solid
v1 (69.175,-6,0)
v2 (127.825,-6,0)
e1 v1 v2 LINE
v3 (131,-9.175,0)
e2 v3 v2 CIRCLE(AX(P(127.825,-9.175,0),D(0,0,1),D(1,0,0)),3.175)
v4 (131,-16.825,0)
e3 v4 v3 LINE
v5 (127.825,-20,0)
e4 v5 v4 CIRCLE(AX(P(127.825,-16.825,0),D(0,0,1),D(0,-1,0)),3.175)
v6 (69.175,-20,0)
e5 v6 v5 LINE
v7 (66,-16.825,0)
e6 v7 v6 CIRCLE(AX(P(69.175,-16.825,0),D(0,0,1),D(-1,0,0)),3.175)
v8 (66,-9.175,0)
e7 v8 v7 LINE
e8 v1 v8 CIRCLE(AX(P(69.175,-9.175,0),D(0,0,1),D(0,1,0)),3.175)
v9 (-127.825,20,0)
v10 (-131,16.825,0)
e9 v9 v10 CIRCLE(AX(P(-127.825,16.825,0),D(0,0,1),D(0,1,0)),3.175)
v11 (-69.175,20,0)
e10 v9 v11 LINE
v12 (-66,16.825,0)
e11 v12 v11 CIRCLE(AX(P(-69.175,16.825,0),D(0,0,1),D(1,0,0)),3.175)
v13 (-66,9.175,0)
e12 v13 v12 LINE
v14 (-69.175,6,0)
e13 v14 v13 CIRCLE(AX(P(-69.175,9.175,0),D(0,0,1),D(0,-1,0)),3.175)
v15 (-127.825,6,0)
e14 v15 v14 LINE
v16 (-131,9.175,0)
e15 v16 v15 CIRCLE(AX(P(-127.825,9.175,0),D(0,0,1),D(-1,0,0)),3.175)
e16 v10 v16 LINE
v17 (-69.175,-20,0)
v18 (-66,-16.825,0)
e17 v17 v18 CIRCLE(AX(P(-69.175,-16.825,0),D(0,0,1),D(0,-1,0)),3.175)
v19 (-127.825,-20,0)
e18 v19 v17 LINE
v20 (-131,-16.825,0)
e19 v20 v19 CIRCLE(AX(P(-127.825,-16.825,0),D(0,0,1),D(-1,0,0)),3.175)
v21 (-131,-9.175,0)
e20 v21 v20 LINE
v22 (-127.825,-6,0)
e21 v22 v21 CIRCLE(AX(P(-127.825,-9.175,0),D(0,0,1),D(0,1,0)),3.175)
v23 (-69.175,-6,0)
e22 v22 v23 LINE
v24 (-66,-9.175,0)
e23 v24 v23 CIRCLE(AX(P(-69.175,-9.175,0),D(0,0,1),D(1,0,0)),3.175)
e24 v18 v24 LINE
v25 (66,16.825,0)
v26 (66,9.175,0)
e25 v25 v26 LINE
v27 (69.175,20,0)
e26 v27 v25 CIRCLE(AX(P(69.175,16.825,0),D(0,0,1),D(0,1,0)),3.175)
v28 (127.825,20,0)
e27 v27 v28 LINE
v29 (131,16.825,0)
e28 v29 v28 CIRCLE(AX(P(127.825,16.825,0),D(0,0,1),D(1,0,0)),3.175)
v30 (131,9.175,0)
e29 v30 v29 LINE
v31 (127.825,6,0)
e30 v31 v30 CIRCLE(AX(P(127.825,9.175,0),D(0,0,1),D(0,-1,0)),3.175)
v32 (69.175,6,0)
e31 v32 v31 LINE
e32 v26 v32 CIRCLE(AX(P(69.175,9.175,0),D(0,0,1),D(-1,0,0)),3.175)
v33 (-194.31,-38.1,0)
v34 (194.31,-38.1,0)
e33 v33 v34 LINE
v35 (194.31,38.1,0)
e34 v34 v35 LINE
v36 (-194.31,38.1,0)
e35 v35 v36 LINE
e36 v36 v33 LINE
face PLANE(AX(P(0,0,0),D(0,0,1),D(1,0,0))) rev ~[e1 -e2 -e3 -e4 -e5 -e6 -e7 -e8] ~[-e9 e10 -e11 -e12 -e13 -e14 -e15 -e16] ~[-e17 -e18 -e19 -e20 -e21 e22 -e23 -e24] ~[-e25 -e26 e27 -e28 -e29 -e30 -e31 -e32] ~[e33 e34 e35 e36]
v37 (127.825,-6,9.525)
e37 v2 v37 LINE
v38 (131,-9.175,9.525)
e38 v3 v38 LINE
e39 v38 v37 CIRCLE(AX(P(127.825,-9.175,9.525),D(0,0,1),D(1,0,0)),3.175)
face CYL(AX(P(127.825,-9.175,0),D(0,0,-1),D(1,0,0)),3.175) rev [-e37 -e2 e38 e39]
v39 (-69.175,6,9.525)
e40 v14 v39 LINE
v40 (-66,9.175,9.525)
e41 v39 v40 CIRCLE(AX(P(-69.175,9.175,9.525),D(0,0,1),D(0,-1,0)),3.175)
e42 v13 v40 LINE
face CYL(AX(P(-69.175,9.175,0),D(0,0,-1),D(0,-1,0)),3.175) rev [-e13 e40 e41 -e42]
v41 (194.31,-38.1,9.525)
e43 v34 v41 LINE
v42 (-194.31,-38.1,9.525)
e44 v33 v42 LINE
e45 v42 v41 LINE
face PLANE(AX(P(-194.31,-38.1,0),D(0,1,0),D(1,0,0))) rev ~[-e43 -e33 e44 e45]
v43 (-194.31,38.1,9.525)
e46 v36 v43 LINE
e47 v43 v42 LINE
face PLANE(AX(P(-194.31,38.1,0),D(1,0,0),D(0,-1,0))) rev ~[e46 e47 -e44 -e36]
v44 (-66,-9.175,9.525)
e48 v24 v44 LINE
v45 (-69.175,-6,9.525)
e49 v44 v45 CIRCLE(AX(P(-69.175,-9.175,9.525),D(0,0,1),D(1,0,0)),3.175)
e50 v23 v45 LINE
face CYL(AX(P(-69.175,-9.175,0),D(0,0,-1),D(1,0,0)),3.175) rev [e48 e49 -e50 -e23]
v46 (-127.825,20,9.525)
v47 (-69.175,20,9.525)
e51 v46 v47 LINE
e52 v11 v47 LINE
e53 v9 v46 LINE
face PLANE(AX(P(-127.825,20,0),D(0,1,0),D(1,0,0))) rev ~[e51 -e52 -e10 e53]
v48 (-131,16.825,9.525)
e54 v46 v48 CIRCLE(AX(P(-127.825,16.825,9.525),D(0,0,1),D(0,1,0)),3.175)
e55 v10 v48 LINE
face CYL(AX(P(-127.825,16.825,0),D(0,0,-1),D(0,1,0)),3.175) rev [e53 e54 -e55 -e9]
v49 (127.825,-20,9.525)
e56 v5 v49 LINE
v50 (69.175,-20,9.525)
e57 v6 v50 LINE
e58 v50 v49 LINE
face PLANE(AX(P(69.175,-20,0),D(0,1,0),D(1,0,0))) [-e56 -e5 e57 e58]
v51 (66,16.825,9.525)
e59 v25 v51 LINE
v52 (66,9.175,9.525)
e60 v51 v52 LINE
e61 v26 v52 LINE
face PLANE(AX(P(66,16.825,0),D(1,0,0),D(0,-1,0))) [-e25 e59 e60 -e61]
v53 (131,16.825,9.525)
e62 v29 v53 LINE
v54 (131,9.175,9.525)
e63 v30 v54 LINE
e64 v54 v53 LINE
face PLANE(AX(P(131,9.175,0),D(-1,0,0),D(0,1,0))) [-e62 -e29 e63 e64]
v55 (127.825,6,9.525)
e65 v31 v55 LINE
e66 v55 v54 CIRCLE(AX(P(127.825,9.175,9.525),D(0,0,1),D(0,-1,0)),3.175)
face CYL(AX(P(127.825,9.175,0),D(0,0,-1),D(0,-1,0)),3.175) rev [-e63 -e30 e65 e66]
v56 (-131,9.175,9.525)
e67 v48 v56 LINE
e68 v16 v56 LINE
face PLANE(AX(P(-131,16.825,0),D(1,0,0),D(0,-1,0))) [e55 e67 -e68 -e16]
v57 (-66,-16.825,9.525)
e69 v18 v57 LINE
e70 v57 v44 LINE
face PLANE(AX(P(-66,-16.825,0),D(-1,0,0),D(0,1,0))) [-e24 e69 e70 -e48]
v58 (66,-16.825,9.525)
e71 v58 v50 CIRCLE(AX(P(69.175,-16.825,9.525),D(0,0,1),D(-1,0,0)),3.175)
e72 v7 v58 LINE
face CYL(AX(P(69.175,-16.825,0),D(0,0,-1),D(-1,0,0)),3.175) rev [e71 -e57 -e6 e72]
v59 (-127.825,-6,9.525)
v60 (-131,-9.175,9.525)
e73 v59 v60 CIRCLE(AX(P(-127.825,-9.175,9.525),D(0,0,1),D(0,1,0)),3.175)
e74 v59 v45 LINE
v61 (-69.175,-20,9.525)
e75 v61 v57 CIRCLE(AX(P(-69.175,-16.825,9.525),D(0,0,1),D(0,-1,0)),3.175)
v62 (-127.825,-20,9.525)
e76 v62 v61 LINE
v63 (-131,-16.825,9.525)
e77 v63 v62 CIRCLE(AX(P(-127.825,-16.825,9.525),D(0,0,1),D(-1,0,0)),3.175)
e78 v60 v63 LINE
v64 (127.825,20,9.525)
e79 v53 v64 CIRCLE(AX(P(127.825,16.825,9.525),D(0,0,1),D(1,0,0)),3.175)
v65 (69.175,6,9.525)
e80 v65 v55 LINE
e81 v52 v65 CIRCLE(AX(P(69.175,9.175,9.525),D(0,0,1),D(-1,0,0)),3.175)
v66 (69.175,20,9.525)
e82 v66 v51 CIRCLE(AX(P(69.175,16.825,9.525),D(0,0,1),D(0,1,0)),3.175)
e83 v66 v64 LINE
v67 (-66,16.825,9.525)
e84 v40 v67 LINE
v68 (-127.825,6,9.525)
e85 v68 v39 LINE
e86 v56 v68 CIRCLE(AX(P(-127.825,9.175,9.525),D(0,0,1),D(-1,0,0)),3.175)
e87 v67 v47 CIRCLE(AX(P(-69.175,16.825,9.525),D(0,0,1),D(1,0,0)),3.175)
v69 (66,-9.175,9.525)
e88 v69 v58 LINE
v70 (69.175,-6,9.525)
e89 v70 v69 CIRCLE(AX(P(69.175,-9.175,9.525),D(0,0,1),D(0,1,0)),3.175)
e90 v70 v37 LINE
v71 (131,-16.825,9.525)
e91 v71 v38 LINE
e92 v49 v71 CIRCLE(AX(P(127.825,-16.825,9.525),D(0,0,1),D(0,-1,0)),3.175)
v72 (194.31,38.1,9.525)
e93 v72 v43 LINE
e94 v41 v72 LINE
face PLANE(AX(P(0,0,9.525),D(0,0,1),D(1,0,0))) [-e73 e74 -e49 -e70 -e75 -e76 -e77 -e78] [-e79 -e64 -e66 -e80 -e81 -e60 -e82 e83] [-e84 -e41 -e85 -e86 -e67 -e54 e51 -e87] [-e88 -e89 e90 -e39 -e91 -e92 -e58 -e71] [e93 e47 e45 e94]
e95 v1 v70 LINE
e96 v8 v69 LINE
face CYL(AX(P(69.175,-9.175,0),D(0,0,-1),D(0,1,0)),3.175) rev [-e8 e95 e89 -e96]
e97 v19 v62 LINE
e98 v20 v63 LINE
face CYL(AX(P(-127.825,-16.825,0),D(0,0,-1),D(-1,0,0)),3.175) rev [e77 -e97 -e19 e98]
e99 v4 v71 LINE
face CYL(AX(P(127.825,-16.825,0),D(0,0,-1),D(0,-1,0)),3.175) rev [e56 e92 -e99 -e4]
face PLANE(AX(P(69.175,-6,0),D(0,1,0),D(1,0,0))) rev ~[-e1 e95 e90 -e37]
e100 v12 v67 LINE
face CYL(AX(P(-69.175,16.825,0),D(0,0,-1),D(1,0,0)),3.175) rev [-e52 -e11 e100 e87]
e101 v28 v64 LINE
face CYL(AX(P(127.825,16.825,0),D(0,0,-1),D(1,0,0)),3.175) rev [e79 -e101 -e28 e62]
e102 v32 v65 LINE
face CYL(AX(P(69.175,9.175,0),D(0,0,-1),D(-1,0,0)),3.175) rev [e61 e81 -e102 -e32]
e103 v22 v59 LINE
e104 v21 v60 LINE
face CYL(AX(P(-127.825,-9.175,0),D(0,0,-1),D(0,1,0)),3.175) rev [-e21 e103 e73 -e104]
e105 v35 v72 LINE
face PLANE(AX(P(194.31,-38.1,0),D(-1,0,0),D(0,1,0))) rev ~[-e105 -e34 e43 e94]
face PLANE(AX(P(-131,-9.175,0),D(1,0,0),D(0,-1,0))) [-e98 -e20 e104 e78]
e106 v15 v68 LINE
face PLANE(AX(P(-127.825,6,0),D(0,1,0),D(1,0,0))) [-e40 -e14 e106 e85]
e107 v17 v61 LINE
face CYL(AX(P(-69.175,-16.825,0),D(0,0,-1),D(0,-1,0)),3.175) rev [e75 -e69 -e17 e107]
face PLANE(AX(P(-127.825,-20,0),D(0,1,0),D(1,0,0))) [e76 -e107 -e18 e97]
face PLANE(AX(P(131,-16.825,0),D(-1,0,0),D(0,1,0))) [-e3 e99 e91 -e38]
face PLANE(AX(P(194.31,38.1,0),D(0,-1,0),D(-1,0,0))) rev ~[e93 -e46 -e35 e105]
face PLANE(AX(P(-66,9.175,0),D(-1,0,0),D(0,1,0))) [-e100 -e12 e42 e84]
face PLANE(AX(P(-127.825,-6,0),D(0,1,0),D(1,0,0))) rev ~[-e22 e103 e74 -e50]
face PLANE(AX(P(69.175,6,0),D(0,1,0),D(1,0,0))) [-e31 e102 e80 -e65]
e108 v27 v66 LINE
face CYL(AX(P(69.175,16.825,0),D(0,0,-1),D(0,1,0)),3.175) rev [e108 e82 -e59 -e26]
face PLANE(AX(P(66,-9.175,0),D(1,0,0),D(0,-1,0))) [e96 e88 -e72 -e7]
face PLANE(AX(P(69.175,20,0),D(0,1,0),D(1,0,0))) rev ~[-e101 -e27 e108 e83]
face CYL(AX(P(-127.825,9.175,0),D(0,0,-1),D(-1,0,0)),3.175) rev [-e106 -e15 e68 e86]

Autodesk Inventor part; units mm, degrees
ref_plane "YZ Plane" through (0, 0, 0) normal (1, 0, 0) x (0, 1, 0)
ref_plane "XZ Plane" through (0, 0, 0) normal (0, 1, 0) x (-1, 0, 0)
ref_plane "XY Plane" through (0, 0, 0) normal (0, 0, 1) x (1, 0, 0)
sketch "Sketch1" plane through (0, 0, 0) normal (0, 0, 1) x (1, 0, 0)
  line L0 (-194.31, -38.1) -> (194.31, -38.1)
  line L1 (194.31, -38.1) -> (194.31, 38.1)
  line L2 (194.31, 38.1) -> (-194.31, 38.1)
  line L3 (-194.31, 38.1) -> (-194.31, -38.1)
  line L4 (-194.31, -38.1) -> (194.31, 38.1) construction
  line L5 (194.31, -38.1) -> (-194.31, 38.1) construction
  line L6 (66, 20) -> (131, 6) construction
  line L7 (131, 20) -> (66, 6) construction
  arc A0 (69.175, 20) -> (66, 16.825) centre (69.175, 16.825) ccw
  arc A1 (66, 9.175) -> (69.175, 6) centre (69.175, 9.175) ccw
  arc A2 (127.825, 6) -> (131, 9.175) centre (127.825, 9.175) ccw
  arc A3 (131, 16.825) -> (127.825, 20) centre (127.825, 16.825) ccw
  line L8 (66, 16.825) -> (66, 9.175)
  line L9 (69.175, 6) -> (127.825, 6)
  line L10 (131, 9.175) -> (131, 16.825)
  line L11 (69.175, 20) -> (127.825, 20)
  line L12 (-131, -6) -> (-66, -20) construction
  line L13 (-66, -6) -> (-131, -20) construction
  arc A4 (-127.825, -6) -> (-131, -9.175) centre (-127.825, -9.175) ccw
  arc A5 (-131, -16.825) -> (-127.825, -20) centre (-127.825, -16.825) ccw
  arc A6 (-69.175, -20) -> (-66, -16.825) centre (-69.175, -16.825) ccw
  arc A7 (-66, -9.175) -> (-69.175, -6) centre (-69.175, -9.175) ccw
  line L14 (-131, -9.175) -> (-131, -16.825)
  line L15 (-127.825, -20) -> (-69.175, -20)
  line L16 (-66, -16.825) -> (-66, -9.175)
  line L17 (-127.825, -6) -> (-69.175, -6)
  arc A8 (-66, 16.825) -> (-69.175, 20) centre (-69.175, 16.825) ccw
  line L18 (-127.825, 20) -> (-69.175, 20)
  line L19 (-127.825, 6) -> (-69.175, 6)
  line L20 (-131, 20) -> (-66, 6) construction
  line L21 (-66, 20) -> (-131, 6) construction
  line L22 (-131, 16.825) -> (-131, 9.175)
  arc A9 (-127.825, 20) -> (-131, 16.825) centre (-127.825, 16.825) ccw
  arc A10 (-131, 9.175) -> (-127.825, 6) centre (-127.825, 9.175) ccw
  line L23 (-66, 9.175) -> (-66, 16.825)
  arc A11 (-69.175, 6) -> (-66, 9.175) centre (-69.175, 9.175) ccw
  arc A12 (131, -9.175) -> (127.825, -6) centre (127.825, -9.175) ccw
  line L24 (69.175, -6) -> (127.825, -6)
  line L25 (69.175, -20) -> (127.825, -20)
  line L26 (66, -6) -> (131, -20) construction
  line L27 (131, -6) -> (66, -20) construction
  line L28 (66, -9.175) -> (66, -16.825)
  arc A13 (69.175, -6) -> (66, -9.175) centre (69.175, -9.175) ccw
  arc A14 (66, -16.825) -> (69.175, -20) centre (69.175, -16.825) ccw
  line L29 (131, -16.825) -> (131, -9.175)
  arc A15 (127.825, -20) -> (131, -16.825) centre (127.825, -16.825) ccw
  point P0 (0, 0)
  point P1 (0, 0)
  point P2 (98.5, 13)
  point P3 (-98.5, -13)
  point P4 (-98.5, 13)
  point P5 (98.5, -13)
  dimension "d0" = 388.62
  dimension "d1" = 76.2
extrude "Extrusion4" add sketch "Sketch1" along normal blind 9.525
properties part number "BK-BKT120-Front" material "Aluminum 6061"
